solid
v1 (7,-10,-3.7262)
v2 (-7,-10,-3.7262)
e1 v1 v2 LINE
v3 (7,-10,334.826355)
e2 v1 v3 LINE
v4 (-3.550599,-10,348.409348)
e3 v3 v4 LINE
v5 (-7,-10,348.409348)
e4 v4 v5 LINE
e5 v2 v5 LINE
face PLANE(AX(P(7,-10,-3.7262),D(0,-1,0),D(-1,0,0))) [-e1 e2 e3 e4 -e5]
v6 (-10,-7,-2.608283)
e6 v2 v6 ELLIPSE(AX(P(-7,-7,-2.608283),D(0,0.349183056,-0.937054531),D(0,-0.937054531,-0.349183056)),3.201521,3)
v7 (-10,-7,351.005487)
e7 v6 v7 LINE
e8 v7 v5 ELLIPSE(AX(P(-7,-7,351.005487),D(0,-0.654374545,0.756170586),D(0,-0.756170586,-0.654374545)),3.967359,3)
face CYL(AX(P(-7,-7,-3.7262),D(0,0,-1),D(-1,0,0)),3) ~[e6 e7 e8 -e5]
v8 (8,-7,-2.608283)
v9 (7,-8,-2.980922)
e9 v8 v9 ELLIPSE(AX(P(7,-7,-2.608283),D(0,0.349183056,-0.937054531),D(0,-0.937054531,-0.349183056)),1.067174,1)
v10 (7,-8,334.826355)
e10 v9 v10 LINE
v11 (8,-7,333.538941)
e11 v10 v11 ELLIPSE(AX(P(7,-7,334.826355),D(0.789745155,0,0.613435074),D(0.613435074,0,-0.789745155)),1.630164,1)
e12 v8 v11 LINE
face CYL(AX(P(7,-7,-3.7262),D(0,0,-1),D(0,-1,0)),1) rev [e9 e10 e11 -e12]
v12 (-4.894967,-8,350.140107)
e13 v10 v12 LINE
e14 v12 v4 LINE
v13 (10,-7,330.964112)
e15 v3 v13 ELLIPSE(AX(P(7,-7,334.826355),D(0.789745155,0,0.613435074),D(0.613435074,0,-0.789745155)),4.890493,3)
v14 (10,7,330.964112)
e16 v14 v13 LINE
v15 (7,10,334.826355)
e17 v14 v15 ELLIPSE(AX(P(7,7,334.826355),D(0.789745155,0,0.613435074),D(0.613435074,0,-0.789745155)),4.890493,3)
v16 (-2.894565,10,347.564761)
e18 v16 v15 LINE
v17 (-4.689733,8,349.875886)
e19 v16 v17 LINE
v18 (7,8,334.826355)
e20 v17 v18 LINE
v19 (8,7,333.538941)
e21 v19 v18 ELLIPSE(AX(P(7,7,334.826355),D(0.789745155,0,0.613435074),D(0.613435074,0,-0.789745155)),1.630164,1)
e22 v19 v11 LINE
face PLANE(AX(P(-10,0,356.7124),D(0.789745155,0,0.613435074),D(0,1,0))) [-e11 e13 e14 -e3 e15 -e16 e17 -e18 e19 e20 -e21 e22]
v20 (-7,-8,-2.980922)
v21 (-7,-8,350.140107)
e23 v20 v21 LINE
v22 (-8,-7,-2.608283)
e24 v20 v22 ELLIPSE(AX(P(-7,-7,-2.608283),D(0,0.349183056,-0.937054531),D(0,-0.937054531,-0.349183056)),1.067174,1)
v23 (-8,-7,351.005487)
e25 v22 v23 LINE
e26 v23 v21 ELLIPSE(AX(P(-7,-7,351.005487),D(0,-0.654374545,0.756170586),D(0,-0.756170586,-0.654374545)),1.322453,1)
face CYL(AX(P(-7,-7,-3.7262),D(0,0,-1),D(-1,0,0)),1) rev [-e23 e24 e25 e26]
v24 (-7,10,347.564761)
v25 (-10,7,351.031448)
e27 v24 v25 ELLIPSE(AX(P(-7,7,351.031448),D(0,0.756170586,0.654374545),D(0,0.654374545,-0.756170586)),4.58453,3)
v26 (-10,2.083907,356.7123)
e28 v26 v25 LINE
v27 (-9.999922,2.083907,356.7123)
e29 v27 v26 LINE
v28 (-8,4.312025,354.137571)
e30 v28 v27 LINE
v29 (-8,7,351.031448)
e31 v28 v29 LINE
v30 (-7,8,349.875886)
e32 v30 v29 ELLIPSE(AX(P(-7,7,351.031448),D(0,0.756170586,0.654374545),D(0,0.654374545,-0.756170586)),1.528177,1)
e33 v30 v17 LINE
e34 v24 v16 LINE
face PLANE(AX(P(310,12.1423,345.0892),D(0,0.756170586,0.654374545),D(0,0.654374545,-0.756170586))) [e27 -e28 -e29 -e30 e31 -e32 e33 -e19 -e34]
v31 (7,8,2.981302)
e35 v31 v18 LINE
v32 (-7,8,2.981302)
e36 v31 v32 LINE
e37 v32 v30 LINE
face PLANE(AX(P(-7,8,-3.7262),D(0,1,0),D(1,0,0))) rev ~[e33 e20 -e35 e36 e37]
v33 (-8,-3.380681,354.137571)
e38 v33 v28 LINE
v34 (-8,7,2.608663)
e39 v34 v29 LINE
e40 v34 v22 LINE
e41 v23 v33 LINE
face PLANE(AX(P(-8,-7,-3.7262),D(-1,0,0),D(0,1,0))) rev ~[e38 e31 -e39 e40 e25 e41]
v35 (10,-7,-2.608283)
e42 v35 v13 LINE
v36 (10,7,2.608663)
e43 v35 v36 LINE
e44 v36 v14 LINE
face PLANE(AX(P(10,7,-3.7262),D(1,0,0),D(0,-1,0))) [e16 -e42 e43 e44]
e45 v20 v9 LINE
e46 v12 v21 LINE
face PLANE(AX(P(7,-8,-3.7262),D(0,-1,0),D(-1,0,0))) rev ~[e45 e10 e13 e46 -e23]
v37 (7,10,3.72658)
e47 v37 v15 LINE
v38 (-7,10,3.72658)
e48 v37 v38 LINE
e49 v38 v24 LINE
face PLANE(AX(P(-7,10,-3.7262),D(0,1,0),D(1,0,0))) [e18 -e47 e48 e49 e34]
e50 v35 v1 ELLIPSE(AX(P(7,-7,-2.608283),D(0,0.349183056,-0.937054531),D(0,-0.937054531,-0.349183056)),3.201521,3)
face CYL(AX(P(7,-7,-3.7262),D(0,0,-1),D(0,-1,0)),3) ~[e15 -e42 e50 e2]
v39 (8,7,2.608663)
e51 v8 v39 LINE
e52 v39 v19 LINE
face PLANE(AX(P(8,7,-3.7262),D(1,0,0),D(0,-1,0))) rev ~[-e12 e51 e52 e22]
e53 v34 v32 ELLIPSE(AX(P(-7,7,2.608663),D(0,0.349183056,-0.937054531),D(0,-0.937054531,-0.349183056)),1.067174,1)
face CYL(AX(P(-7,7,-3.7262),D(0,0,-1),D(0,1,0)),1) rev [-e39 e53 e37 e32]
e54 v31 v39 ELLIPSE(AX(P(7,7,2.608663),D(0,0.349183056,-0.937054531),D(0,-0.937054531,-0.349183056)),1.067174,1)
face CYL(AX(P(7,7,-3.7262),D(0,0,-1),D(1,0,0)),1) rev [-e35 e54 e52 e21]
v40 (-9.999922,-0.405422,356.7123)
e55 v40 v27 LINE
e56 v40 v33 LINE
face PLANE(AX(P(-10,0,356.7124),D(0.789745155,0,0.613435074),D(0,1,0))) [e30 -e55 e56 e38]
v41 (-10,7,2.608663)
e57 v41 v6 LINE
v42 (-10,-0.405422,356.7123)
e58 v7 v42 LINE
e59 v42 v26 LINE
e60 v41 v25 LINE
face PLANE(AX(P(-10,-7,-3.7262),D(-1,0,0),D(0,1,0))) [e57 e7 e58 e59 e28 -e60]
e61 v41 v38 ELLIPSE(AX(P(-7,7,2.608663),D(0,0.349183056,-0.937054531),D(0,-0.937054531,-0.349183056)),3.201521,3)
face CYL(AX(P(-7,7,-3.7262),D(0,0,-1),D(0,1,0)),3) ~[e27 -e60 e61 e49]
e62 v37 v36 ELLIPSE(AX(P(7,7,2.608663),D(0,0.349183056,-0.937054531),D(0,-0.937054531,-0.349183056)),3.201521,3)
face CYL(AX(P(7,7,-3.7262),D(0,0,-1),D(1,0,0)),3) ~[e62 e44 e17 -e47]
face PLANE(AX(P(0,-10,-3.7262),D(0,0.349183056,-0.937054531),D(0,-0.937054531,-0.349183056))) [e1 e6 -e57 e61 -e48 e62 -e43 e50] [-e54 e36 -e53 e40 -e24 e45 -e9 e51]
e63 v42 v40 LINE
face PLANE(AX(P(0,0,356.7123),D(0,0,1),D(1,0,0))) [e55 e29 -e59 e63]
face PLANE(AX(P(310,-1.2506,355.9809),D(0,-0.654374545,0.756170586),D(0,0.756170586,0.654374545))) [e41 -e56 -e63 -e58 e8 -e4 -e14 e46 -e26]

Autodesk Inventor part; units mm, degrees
ref_plane "Start Plane" through (0, 0, -3.7262) normal (0, 0, 1) x (1, 0, 0)
ref_plane "End Plane" through (0, 0, 356.7124) normal (0, 0, 1) x (1, 0, 0)
sketch "Sketch" plane through (0, 0, 0) normal (0, 0, 1) x (1, 0, 0)
  line L0 (-10, -7) -> (-10, 7)
  line L1 (-7, 10) -> (7, 10)
  line L2 (10, 7) -> (10, -7)
  line L3 (7, -10) -> (-7, -10)
  arc A0 (-10, -7) -> (-7, -10) centre (-7, -7) ccw
  arc A1 (-7, 10) -> (-10, 7) centre (-7, 7) ccw
  arc A2 (10, 7) -> (7, 10) centre (7, 7) ccw
  arc A3 (7, -10) -> (10, -7) centre (7, -7) ccw
  arc A4 (-7, 8) -> (-8, 7) centre (-7, 7) ccw
  line L4 (-7, 8) -> (7, 8)
  arc A5 (8, 7) -> (7, 8) centre (7, 7) ccw
  line L5 (8, 7) -> (8, -7)
  arc A6 (7, -8) -> (8, -7) centre (7, -7) ccw
  line L6 (7, -8) -> (-7, -8)
  arc A7 (-8, -7) -> (-7, -8) centre (-7, -7) ccw
  line L7 (-8, -7) -> (-8, 7)
  line L8 (0, 14.8698) -> (0, -14.8698) construction
  line L9 (-14.8698, 0) -> (14.8698, 0) construction
  dimension "d7" = 3
  dimension "d10" = 20
  dimension "d11" = 20
  dimension "d12" = 2
  dimension "d15" = 10
  dimension "d16" = 10
extrude "Body" add sketch "Sketch" along normal up to surface (360.4385 mm away) from surface at -3.7262
sketch "Sketch3" plane through (0, 0, 0) normal (0, 0, 1) x (1, 0, 0)
  line L0 (0, 0) -> (10, 0)
ref_plane "Work Plane3" through (0, 0, 0) normal (0, -1, 0) x (1, 0, 0)
sketch "Sketch4" plane through (0, 0, 0) normal (0, -1, 0) x (1, 0, 0)
  line L0 (-2, -3.7262) -> (12, -3.7262)
  line L1 (-2, 356.7124) -> (12, 356.7124)
  dimension "d18" = 360.4385
ref_plane "Work Plane4" through (0, -10, -3.7262) normal (0, 0.3492, -0.9371) x (1, 0, 0)
split "Split1" plane through (0, -10, -3.7262) removes the side toward (0, 0.3492, -0.9371)
ref_plane "Work Plane6" through (-10, 0, 356.7124) normal (0.7897, 0, 0.6134) x (0.6134, 0, -0.7897)
split "Split3" plane through (-10, 0, 356.7124) removes the side toward (0.7897, 0, 0.6134)
ref_plane "Work Plane7" through (310, 12.1423, 345.0892) normal (0, 0.7562, 0.6544) x (1, 0, 0)
split "Split4" plane through (310, 12.1423, 345.0892) removes the side toward (0, 0.7562, 0.6544)
ref_plane "Work Plane8" through (310, -1.2506, 355.9809) normal (0, -0.6544, 0.7562) x (1, 0, 0)
split "Split5" plane through (310, -1.2506, 355.9809) removes the side toward (0, -0.6544, 0.7562)
equation "\"d7\" = G_IR"
equation "\"d10\" = G_H"
equation "\"d11\" = G_W"
equation "\"d12\" = G_T"
equation "\"d15\" = 0.5 * d10"
equation "\"d16\" = 0.5 * d11"
equation "\"d3\" = G_L"
equation "\"G_W\" = 20"
equation "\"G_H\" = 20"
equation "\"G_T\" = 2"
equation "\"G_IR\" = 3"
equation "\"G_L\" = d18"
equation "\"G_OFFSET_START\" = 3.72616"
equation "\"G_OFFSET_END\" = 12.87375"
equation "\"d13\" = -G_OFFSET_START"
equation "\"d14\" = G_OFFSET_END + B_L"
equation "\"B_L\" = 343.83862"
properties part number "ISO 12633-2 - 20x20x2 - 360,44" material "Steel, Mild"
